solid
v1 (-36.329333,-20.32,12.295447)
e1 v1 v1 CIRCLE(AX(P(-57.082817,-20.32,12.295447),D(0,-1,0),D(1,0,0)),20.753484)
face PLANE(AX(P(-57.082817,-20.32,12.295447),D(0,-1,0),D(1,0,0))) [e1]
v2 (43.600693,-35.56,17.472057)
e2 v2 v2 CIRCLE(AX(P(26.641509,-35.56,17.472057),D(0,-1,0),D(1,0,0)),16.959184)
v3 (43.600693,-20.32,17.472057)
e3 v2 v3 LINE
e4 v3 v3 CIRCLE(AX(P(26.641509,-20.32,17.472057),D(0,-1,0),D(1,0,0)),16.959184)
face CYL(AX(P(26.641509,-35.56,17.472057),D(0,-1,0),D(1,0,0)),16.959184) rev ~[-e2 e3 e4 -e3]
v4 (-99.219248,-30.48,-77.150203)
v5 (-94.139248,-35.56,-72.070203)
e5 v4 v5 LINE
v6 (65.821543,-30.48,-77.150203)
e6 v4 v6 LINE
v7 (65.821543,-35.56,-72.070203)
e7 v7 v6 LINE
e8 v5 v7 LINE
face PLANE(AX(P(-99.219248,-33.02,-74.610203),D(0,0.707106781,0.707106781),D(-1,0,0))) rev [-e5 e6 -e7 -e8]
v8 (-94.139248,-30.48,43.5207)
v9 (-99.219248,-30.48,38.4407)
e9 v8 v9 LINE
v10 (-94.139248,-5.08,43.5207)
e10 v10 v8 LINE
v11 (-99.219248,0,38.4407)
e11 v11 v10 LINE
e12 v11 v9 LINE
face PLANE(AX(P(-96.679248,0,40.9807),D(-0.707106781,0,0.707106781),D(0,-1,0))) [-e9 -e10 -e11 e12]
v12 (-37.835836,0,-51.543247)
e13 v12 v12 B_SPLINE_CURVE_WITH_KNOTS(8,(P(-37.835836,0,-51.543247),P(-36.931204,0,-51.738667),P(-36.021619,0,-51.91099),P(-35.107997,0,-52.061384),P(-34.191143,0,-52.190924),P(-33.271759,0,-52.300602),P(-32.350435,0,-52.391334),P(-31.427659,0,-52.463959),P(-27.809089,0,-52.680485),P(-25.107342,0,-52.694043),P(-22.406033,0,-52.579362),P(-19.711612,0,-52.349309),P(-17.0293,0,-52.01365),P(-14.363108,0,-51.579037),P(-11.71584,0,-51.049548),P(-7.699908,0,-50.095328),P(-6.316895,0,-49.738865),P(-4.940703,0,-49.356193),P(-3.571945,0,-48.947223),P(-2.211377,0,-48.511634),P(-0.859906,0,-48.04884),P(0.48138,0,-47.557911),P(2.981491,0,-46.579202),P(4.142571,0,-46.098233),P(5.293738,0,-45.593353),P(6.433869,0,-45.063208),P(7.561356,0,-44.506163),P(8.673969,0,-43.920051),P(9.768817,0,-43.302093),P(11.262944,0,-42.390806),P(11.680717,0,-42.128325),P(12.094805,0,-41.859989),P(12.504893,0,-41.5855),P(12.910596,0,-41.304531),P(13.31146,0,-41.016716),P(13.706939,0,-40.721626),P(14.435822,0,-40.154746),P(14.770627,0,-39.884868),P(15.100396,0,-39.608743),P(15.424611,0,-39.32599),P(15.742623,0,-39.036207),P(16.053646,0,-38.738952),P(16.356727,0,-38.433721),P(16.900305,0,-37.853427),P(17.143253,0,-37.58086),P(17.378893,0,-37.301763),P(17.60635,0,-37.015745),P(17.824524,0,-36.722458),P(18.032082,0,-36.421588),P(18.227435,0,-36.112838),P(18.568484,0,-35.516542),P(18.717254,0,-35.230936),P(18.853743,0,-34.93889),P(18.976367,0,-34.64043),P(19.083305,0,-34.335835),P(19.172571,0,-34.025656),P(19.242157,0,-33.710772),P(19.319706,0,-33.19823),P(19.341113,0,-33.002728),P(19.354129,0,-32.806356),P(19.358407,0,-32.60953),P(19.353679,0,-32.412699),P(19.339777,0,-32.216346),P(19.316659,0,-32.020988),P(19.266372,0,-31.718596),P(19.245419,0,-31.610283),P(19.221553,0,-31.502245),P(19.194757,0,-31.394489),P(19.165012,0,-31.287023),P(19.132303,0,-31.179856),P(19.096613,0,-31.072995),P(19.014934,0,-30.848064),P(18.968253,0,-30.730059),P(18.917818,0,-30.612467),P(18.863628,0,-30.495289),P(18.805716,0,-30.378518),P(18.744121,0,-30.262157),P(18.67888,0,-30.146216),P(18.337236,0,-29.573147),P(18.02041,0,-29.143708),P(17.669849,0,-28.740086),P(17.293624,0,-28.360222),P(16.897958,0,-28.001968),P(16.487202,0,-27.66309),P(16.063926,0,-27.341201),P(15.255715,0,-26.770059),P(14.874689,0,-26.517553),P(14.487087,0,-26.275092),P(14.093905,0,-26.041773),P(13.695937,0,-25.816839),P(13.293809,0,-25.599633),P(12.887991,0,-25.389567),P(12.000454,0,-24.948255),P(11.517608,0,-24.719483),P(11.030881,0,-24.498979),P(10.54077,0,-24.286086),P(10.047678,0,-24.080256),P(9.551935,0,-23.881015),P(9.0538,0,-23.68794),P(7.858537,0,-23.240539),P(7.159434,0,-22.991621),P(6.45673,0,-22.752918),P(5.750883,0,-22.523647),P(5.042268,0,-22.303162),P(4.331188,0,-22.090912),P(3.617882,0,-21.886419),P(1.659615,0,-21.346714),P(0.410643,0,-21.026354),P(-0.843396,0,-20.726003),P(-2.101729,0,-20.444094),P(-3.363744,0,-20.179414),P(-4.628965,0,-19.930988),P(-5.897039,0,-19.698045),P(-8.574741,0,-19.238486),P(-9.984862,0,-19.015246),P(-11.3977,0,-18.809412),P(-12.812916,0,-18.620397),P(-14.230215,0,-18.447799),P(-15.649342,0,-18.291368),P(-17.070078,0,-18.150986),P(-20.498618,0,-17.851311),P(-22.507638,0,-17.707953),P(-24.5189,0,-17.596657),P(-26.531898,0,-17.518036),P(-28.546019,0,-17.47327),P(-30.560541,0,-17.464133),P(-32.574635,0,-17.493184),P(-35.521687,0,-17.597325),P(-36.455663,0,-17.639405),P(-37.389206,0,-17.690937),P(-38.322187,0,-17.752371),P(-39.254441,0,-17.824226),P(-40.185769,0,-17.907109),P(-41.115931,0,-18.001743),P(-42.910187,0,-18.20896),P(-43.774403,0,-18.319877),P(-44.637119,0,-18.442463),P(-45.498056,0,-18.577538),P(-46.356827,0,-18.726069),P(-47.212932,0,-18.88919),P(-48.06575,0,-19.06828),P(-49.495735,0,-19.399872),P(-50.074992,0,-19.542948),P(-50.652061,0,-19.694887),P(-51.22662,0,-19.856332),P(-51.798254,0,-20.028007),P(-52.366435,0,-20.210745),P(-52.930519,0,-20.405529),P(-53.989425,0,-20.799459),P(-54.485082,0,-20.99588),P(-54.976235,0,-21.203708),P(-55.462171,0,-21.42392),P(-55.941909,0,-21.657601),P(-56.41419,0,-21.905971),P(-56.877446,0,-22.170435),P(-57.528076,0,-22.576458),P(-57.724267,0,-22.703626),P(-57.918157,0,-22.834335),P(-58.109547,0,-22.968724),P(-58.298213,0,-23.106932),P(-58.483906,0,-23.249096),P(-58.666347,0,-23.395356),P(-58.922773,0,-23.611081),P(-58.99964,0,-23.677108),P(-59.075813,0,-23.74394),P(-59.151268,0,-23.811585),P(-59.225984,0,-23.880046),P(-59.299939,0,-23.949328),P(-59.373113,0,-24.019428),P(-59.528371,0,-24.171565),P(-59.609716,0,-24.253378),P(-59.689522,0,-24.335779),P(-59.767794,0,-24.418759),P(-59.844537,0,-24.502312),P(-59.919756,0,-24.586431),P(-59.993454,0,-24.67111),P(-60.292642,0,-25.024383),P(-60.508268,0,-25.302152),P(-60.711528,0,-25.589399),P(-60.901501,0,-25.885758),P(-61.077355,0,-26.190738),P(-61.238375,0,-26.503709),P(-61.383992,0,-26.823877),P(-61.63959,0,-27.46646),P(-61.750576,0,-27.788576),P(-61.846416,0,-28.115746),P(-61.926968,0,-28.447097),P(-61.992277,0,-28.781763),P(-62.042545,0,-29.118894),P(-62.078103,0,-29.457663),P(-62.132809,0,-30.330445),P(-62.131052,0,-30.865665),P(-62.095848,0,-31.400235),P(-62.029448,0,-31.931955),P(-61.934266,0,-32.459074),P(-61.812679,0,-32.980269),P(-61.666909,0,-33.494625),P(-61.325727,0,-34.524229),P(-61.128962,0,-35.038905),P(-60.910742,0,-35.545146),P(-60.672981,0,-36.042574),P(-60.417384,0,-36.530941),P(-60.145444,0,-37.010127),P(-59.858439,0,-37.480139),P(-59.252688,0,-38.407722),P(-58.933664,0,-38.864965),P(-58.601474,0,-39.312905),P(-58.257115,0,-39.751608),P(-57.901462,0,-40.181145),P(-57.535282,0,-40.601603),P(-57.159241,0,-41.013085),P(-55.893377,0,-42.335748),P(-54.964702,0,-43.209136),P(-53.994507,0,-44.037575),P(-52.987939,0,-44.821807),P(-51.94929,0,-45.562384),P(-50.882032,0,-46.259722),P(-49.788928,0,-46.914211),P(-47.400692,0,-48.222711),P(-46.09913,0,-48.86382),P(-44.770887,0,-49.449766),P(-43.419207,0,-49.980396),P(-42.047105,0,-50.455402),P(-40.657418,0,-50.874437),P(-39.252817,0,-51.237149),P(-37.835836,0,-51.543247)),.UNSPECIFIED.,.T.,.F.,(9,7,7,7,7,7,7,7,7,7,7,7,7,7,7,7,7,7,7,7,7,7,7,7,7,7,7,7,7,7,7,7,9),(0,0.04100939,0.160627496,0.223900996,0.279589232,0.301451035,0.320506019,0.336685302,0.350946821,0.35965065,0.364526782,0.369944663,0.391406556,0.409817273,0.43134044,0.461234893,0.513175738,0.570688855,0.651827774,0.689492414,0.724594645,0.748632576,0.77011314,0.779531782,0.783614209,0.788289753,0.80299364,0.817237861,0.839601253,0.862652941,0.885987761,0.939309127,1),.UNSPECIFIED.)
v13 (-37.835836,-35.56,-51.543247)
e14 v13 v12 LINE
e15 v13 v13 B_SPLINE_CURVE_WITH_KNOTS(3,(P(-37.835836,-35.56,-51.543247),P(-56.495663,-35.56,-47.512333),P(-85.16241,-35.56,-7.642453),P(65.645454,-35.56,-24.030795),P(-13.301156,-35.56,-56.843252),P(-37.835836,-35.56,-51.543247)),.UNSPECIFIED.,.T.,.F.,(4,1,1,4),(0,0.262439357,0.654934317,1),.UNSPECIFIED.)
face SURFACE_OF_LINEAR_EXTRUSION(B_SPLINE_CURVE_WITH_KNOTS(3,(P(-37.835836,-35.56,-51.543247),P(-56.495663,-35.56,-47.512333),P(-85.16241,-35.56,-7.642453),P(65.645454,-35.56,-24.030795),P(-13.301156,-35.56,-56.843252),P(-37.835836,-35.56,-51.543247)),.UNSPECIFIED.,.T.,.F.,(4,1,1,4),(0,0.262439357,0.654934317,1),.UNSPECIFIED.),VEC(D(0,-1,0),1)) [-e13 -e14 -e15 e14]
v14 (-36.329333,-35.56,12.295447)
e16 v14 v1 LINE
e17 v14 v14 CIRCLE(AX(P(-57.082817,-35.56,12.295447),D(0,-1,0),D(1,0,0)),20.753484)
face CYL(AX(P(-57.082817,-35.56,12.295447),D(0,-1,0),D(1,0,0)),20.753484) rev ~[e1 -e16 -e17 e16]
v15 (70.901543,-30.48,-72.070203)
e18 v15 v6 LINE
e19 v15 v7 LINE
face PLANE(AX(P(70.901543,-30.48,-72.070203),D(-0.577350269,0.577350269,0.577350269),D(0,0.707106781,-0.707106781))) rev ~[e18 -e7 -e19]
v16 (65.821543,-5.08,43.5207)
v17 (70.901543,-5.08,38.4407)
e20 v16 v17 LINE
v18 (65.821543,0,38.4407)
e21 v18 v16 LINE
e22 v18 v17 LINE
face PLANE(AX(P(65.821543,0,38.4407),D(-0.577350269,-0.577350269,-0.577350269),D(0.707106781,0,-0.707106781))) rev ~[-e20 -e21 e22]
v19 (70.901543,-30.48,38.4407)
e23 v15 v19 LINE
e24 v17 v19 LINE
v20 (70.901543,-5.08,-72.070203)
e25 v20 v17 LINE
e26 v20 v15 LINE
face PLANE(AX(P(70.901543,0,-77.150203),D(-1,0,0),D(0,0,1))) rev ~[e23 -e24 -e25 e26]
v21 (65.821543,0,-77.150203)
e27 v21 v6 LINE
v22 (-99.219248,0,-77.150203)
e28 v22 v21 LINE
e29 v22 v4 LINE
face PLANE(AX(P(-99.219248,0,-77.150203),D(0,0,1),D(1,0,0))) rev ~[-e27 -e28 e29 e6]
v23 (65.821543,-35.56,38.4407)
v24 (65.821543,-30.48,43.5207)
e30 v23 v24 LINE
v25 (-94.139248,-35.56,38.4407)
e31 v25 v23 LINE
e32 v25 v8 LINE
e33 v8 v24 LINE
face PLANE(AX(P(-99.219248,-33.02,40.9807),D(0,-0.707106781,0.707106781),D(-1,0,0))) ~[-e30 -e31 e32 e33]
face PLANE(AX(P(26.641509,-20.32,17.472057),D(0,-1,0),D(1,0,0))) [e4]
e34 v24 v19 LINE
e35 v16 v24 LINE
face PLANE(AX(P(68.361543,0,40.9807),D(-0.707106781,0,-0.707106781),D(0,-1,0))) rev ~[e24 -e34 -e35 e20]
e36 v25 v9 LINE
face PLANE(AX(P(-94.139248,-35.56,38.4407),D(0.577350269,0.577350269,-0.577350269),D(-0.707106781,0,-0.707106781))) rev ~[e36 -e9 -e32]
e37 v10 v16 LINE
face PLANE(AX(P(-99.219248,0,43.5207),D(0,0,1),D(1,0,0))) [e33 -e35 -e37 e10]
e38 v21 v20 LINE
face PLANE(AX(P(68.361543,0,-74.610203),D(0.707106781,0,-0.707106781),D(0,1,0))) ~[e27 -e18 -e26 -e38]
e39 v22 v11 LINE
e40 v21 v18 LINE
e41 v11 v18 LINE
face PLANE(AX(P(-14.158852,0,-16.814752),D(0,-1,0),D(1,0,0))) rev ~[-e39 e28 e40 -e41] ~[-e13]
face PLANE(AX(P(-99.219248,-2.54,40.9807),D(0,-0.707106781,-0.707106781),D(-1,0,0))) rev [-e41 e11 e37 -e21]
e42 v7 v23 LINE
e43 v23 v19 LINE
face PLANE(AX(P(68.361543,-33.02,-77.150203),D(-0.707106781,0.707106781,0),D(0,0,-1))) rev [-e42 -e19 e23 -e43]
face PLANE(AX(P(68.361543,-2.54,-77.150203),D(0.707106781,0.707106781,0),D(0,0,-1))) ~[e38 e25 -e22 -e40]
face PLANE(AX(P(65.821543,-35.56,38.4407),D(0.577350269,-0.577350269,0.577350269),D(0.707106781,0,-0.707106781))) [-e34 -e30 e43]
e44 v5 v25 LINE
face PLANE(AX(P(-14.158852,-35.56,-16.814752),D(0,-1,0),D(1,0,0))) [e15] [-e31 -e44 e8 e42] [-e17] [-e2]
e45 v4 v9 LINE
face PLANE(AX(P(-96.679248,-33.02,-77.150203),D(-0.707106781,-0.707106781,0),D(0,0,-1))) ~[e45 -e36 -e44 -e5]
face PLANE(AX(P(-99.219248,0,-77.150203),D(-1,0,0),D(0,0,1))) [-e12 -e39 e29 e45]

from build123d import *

# Parameters (mm, degrees)
F0_W     = 170.1207906008
F0_H     = 120.6709034741
F1_DEPTH = 35.56
F2_SIZE  = 5.08
F3_W     = 43.2106815279
F3_H     = 37.201420404
F4_DEPTH = 26.416
F5_R     = 20.753484157
F5_R_2   = 16.9591840917
F6_DEPTH = 15.24
F8_DEPTH = 45.72


with BuildPart() as f1:
    # F0 (on Front) → F1 (new body)
    with BuildSketch(Plane.XZ):
        with Locations((-14.1588523984, -16.8147515506)):
            Rectangle(F0_W, F0_H)
    extrude(amount=F1_DEPTH)

    # F2
    f2_edges = [f1.edges().sort_by_distance(p)[0] for p in [
        (70.901543, -17.78, 43.5207),
        (-99.219248, -17.78, 43.5207),
        (-14.158852, 0, 43.5207),
        (-14.158852, -35.56, 43.5207),
        (-99.219248, -35.56, -16.814752),
        (-14.158852, -35.56, -77.150203),
        (70.901543, -35.56, -16.814752),
        (70.901543, -17.78, -77.150203),
        (70.901543, 0, -16.814752),
    ]]
    chamfer(f2_edges, length=F2_SIZE)

    # F3 (on face) → F4 (join)
    with BuildSketch(Plane.XZ.offset(35.56)):
        with Locations((-56.4028490335, -7.9972422682)):
            Rectangle(F3_W, F3_H)
    extrude(amount=-F4_DEPTH)

    # F5 (on face) → F6 (cut)
    with BuildSketch(Plane.XZ.offset(35.56)):
        with Locations((-57.0828169584, 12.2954472899)):
            Circle(F5_R)
        with Locations((26.6415085644, 17.472056672)):
            Circle(F5_R_2)
    extrude(amount=-F6_DEPTH, mode=Mode.SUBTRACT)

    # F7 (on face) → F8 (cut)
    with BuildSketch(Plane.XZ.offset(35.56)):
        with BuildLine():
            add(Edge.make_bspline(
                [(-37.8358364105, -51.5432469547), (-56.4956631924, -47.5123333932), (-85.1624102545, -7.6424527107), (65.6454542447, -24.0307948131), (-13.3011555528, -56.8432520915), (-37.8358364105, -51.5432469547)],
                knots=[0, 0, 0, 0, 0.2624393573, 0.6549343168, 1, 1, 1, 1], degree=3))
        make_face()
    extrude(amount=-F8_DEPTH, mode=Mode.SUBTRACT)


solid = f1.part
